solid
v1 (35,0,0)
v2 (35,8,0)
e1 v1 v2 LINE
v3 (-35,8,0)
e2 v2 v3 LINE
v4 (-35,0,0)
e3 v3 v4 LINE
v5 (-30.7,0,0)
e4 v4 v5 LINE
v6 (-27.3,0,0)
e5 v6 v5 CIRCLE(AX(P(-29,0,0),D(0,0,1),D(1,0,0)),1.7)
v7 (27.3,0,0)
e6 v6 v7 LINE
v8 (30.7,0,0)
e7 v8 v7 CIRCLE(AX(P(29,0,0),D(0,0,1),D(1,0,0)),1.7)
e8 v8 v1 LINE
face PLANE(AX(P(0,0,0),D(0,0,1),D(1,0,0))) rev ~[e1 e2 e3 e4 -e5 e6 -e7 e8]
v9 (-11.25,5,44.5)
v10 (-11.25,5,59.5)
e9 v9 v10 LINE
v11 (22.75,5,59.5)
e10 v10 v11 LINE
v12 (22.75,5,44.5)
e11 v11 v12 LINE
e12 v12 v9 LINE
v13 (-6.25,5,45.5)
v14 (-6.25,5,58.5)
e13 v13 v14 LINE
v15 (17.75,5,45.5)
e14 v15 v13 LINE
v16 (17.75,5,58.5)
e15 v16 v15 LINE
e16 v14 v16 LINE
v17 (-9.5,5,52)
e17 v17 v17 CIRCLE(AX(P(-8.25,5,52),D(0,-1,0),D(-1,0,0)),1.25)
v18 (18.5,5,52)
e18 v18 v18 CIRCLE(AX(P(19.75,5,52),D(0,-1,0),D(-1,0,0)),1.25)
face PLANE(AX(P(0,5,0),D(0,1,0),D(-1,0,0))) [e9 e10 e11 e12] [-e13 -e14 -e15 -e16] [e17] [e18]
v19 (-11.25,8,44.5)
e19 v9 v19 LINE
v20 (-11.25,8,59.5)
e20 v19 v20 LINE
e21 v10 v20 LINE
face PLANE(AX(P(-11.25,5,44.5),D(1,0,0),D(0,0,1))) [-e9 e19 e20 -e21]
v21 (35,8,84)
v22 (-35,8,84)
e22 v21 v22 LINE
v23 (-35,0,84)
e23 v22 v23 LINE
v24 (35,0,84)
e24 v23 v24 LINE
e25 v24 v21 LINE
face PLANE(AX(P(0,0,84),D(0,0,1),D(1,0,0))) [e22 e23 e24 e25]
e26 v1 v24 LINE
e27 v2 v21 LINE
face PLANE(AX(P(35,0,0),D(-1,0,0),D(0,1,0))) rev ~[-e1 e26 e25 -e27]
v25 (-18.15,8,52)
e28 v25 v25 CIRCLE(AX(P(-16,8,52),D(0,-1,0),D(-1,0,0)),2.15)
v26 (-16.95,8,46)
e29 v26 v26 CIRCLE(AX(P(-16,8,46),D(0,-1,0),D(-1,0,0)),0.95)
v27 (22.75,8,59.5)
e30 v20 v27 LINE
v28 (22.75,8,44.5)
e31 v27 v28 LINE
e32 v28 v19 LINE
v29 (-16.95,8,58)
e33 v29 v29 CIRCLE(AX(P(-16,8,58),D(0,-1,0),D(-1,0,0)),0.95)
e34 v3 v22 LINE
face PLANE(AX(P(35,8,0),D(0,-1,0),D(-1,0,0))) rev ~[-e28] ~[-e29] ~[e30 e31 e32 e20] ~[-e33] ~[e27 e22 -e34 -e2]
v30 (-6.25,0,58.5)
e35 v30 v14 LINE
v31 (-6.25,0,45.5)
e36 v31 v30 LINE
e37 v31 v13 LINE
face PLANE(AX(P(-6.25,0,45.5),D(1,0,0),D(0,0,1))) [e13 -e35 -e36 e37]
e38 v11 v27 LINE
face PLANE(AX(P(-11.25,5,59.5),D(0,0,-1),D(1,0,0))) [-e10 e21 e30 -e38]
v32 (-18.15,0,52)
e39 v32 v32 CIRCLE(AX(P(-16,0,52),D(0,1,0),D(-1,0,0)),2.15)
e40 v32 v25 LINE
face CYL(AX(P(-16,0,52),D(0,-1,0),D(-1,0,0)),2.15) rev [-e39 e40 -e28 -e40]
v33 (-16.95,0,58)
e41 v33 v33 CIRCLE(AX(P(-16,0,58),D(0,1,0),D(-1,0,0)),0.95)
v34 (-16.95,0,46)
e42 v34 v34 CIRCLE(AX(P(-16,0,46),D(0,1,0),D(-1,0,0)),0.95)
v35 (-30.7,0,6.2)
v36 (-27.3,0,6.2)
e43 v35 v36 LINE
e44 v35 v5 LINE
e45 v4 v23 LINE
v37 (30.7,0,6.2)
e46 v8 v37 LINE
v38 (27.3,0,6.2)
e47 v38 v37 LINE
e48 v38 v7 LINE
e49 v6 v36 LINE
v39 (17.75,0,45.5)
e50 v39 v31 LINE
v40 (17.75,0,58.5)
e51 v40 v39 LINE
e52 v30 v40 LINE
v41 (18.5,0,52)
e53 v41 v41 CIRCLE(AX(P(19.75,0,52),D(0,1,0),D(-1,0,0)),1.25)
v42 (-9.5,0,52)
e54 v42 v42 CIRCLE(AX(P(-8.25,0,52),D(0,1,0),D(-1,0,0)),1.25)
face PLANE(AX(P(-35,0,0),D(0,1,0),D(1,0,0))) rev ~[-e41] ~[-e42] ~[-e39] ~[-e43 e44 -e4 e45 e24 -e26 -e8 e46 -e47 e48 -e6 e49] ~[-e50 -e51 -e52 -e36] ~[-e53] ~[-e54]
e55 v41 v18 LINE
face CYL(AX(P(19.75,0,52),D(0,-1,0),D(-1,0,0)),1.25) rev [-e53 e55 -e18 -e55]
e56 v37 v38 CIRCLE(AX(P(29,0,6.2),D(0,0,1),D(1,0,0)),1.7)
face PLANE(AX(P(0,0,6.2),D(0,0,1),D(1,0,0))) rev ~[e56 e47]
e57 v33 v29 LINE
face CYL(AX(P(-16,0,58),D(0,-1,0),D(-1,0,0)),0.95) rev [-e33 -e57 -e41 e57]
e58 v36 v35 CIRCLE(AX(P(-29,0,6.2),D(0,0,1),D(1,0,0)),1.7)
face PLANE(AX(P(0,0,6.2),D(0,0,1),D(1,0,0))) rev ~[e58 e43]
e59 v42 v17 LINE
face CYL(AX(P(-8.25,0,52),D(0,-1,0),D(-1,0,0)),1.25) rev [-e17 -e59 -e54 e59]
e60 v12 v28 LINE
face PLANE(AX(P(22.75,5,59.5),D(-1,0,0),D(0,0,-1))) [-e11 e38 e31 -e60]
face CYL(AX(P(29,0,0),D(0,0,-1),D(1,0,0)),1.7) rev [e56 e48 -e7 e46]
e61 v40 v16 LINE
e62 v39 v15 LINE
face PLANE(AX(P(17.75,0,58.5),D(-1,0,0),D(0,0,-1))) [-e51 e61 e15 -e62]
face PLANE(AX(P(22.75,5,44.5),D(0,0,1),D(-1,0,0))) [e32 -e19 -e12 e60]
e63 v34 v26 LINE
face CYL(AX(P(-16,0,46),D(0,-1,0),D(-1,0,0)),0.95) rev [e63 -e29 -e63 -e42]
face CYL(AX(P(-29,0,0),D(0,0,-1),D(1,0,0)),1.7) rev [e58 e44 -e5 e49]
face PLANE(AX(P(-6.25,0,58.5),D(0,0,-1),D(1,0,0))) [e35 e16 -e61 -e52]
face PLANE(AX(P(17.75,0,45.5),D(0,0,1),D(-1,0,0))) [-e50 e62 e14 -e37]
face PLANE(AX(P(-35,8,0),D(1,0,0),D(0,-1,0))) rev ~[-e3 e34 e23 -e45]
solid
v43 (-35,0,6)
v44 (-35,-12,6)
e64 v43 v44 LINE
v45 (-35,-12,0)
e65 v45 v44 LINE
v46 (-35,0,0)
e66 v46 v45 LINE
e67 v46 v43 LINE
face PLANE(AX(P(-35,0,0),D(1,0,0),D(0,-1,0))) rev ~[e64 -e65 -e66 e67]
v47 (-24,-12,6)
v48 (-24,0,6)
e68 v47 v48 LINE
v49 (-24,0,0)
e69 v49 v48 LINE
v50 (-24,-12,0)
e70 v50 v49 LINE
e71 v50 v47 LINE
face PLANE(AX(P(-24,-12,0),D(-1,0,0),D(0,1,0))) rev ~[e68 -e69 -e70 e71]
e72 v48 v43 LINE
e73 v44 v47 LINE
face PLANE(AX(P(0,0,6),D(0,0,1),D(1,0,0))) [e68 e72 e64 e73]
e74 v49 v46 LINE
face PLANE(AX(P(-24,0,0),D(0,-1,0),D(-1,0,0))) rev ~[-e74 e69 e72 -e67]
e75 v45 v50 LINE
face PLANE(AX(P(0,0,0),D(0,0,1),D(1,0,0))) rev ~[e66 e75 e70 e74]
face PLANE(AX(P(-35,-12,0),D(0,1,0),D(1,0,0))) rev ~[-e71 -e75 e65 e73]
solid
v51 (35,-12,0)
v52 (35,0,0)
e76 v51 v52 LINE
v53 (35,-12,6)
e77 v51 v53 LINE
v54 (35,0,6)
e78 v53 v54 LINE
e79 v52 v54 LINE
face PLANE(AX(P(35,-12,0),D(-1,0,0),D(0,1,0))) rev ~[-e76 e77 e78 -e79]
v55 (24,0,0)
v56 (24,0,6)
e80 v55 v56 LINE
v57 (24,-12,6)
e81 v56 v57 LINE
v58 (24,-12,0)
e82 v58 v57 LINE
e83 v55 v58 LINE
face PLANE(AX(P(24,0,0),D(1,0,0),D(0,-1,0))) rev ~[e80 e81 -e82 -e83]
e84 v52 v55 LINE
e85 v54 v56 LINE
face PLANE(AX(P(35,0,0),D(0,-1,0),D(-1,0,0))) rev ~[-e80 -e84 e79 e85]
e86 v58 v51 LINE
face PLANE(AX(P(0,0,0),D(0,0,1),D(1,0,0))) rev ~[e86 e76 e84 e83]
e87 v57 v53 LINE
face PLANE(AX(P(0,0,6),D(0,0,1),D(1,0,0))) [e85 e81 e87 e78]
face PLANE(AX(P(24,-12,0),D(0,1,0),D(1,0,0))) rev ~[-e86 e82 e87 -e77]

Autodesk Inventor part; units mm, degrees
ref_plane "YZ Plane" through (0, 0, 0) normal (1, 0, 0) x (0, 1, 0)
ref_plane "XY Plane" through (0, 0, 0) normal (0, 0, 1) x (1, 0, 0)
sketch "Skizze1" plane through (0, 0, 0) normal (0, 0, 1) x (1, 0, 0)
  line L0 (-35, 0) -> (35, 0)
  line L1 (35, 0) -> (35, 8)
  line L2 (35, 8) -> (-35, 8)
  line L3 (-35, 8) -> (-35, 0)
extrude "Extrusion1" add sketch "Skizze1" along normal blind 84
sketch "Skizze2" plane through (0, 0, 0) normal (0, 0, 1) x (1, 0, 0)
  line L0 (-35, -12) -> (-24, -12)
  line L1 (-24, -12) -> (-24, 0)
  line L2 (-24, 0) -> (-35, 0)
  line L3 (-35, 0) -> (-35, -12)
extrude "Extrusion2" add sketch "Skizze2" along normal blind 6 separate body
sketch "Skizze3" plane through (0, 0, 0) normal (0, 0, 1) x (1, 0, 0)
  line L0 (24, -12) -> (35, -12)
  line L1 (35, -12) -> (35, 0)
  line L2 (35, 0) -> (24, 0)
  line L3 (24, 0) -> (24, -12)
extrude "Extrusion3" add sketch "Skizze3" along normal blind 6 separate body
sketch "Skizze4" plane through (0, 0, 0) normal (0, 0, 1) x (1, 0, 0)
  circle A0 centre (-29, 0) radius 1.7
extrude "Extrusion4" cut sketch "Skizze4" along normal blind 6.2 bodies 1
sketch "Skizze5" plane through (0, 0, 0) normal (0, 0, 1) x (1, 0, 0)
  circle A0 centre (29, 0) radius 1.7
extrude "Extrusion5" cut sketch "Skizze5" along normal blind 6.2 bodies 1
sketch "Skizze6" plane through (0, 0, 0) normal (0, 1, 0) x (-1, 0, 0)
  line L0 (-17.75, 45.5) -> (6.25, 45.5)
  line L1 (6.25, 45.5) -> (6.25, 58.5)
  line L2 (6.25, 58.5) -> (-17.75, 58.5)
  line L3 (-17.75, 58.5) -> (-17.75, 45.5)
extrude "Extrusion6" cut sketch "Skizze6" along normal blind 8.2 bodies 1
sketch "Skizze7" plane through (0, 0, 0) normal (0, 1, 0) x (-1, 0, 0)
  circle A0 centre (-19.75, 52) radius 1.25
extrude "Extrusion7" cut sketch "Skizze7" along normal blind 8.2 bodies 1
sketch "Skizze8" plane through (0, 0, 0) normal (0, 1, 0) x (-1, 0, 0)
  circle A0 centre (8.25, 52) radius 1.25
extrude "Extrusion8" cut sketch "Skizze8" along normal blind 8.2 bodies 1
sketch "Skizze9" plane through (0, 0, 0) normal (0, 1, 0) x (-1, 0, 0)
  circle A0 centre (16, 52) radius 2.15
extrude "Extrusion9" cut sketch "Skizze9" along normal blind 8.2 bodies 1
sketch "Skizze10" plane through (0, 0, 0) normal (0, 1, 0) x (-1, 0, 0)
  circle A0 centre (16, 46) radius 0.95
extrude "Extrusion10" cut sketch "Skizze10" along normal blind 8.2 bodies 1
sketch "Skizze11" plane through (0, 0, 0) normal (0, 1, 0) x (-1, 0, 0)
  circle A0 centre (16, 58) radius 0.95
extrude "Extrusion11" cut sketch "Skizze11" along normal blind 8.2 bodies 1
ref_plane "Arbeitsebene1" through (0, 5, 0) normal (0, 1, 0) x (-1, 0, 0)
sketch "Skizze12" plane through (0, 5, 0) normal (0, 1, 0) x (-1, 0, 0)
  line L0 (-22.75, 44.5) -> (11.25, 44.5)
  line L1 (11.25, 44.5) -> (11.25, 59.5)
  line L2 (11.25, 59.5) -> (-22.75, 59.5)
  line L3 (-22.75, 59.5) -> (-22.75, 44.5)
extrude "Extrusion12" cut sketch "Skizze12" along normal blind 3.2 bodies 1
properties part number "Turm_Servo"
